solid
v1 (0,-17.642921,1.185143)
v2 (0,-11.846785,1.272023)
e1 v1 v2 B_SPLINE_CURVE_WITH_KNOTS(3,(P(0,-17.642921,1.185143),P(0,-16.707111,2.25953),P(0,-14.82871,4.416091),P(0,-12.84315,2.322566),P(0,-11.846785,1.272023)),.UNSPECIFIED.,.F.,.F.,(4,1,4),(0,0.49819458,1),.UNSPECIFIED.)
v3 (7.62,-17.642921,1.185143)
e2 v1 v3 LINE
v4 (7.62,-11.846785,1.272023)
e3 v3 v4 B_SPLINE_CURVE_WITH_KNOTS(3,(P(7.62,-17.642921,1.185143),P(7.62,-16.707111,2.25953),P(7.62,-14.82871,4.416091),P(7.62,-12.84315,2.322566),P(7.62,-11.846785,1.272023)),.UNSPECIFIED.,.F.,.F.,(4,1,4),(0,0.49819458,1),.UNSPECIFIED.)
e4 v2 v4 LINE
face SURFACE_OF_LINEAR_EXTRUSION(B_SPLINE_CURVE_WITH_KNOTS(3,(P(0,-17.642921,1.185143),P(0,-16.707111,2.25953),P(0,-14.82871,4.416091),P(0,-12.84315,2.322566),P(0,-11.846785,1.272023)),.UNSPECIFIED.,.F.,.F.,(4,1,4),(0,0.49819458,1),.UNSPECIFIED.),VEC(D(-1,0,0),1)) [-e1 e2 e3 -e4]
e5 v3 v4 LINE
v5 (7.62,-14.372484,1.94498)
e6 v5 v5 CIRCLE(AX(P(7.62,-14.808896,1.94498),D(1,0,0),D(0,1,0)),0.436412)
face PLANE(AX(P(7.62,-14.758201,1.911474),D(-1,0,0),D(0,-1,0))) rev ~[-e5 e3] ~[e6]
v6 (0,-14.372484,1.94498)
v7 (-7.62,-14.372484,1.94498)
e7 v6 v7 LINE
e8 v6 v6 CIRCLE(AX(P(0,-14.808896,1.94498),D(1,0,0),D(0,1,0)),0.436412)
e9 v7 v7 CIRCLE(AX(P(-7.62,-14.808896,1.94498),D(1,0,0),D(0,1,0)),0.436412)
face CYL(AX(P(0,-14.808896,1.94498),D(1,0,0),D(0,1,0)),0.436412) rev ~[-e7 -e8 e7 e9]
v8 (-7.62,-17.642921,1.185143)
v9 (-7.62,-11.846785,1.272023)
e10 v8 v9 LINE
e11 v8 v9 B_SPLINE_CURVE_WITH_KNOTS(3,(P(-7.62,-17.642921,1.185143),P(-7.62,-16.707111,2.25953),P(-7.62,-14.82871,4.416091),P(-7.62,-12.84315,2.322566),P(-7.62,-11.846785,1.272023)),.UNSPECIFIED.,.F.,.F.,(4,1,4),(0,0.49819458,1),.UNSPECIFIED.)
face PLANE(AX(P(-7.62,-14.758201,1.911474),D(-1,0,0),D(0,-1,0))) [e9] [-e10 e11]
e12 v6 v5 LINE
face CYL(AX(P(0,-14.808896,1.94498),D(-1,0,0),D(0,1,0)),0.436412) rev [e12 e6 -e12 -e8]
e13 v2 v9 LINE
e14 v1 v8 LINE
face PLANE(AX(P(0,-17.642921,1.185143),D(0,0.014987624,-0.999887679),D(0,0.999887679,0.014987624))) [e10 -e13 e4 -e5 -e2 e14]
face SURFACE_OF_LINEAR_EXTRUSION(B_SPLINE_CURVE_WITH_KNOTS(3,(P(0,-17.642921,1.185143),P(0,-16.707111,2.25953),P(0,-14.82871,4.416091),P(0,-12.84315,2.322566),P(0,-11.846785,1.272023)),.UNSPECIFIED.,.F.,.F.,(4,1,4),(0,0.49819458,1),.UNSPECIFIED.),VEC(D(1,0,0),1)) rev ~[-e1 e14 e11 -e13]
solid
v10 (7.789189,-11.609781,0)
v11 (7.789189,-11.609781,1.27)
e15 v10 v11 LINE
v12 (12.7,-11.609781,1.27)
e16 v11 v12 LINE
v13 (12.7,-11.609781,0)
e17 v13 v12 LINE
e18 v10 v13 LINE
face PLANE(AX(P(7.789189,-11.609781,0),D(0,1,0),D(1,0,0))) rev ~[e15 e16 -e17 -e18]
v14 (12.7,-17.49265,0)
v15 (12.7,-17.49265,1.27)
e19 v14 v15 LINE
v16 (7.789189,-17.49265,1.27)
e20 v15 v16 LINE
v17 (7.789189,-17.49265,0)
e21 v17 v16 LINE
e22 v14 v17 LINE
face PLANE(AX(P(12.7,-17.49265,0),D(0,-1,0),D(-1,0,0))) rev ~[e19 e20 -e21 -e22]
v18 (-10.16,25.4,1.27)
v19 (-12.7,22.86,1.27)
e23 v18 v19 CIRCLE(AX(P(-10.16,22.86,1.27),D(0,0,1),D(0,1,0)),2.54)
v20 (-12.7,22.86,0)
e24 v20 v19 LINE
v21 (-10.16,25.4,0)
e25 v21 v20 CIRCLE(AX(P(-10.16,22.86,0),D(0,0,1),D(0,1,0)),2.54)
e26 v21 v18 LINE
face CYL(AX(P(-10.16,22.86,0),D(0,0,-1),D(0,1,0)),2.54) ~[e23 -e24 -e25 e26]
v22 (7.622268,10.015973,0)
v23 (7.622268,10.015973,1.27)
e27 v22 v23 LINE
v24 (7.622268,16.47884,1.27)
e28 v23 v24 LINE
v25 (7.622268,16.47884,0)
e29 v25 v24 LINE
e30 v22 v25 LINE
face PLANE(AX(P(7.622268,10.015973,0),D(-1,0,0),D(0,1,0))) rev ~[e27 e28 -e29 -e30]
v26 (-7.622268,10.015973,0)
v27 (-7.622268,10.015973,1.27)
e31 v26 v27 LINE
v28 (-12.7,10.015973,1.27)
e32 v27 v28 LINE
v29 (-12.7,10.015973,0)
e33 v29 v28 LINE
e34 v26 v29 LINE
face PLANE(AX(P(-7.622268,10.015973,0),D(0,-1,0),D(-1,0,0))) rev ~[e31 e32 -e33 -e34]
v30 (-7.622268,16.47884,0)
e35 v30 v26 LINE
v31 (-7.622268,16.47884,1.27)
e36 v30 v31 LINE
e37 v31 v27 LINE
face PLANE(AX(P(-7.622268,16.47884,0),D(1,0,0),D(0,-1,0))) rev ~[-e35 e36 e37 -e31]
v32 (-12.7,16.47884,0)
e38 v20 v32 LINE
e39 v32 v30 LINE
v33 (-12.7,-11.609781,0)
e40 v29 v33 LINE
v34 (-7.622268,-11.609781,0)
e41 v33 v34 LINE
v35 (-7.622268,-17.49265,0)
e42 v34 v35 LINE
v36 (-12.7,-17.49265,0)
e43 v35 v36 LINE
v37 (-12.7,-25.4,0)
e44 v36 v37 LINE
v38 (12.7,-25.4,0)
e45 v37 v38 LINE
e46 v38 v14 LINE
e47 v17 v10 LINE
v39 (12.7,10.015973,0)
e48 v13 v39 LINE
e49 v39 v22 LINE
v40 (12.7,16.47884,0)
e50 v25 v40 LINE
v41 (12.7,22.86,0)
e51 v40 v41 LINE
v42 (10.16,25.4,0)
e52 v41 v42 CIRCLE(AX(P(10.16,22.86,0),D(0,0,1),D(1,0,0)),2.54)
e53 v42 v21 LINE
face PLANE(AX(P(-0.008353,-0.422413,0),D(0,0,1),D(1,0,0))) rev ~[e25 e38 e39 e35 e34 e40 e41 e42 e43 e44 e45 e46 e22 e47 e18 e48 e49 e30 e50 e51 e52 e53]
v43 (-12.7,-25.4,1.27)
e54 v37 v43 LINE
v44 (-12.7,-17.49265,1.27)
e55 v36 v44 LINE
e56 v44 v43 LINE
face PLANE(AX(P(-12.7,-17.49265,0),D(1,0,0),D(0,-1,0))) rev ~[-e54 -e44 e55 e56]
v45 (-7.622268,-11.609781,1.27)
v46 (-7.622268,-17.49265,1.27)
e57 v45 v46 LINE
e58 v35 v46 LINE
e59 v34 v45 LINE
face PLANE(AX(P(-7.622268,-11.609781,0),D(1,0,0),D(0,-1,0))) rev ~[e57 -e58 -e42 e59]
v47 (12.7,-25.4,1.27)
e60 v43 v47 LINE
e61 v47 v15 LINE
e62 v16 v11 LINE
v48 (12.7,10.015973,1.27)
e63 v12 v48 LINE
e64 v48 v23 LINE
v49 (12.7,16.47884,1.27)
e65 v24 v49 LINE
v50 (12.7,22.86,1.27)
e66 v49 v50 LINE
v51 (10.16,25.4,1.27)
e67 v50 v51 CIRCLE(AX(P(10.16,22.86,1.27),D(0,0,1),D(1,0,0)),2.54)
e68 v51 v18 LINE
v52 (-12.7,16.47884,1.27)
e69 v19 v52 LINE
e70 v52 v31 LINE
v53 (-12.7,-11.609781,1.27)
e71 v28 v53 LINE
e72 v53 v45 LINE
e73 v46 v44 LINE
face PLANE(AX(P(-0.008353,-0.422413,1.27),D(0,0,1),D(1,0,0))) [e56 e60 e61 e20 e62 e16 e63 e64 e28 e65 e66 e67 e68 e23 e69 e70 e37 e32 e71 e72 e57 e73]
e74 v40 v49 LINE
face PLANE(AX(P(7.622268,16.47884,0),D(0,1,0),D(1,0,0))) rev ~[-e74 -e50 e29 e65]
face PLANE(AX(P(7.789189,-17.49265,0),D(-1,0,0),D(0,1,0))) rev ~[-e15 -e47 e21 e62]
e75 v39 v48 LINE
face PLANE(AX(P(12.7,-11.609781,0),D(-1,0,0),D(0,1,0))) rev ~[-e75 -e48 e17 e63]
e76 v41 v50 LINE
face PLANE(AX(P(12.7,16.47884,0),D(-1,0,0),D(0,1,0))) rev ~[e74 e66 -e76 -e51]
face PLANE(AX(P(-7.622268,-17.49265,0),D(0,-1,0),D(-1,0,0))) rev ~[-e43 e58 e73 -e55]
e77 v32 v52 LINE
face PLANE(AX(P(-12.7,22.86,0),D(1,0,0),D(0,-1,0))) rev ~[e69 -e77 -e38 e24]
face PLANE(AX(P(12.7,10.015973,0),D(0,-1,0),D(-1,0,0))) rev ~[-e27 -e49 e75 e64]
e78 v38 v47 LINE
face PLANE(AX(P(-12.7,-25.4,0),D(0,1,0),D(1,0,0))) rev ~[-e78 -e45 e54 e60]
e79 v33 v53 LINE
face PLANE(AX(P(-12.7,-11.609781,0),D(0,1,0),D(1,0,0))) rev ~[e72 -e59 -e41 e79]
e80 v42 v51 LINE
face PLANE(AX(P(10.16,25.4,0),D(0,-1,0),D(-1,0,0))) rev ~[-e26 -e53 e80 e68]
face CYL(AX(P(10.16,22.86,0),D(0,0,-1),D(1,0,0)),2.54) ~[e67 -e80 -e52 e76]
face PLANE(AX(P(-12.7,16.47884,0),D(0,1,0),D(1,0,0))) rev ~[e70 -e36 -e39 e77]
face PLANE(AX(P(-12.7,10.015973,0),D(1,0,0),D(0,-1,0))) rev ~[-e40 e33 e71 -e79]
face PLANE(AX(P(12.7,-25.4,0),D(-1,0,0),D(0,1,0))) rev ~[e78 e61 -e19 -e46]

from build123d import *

# Parameters (mm, degrees)
F1_DEPTH = 1.27
F2_R     = 0.4364115167
F3_DEPTH = 7.62


with BuildPart() as f1:
    # F0 (on Top) → F1 (new body)
    with BuildSketch(Plane.XY):
        with BuildLine():
            ThreePointArc((12.7, 22.86), (11.9560512242, 24.6560512242), (10.16, 25.4))
            Line((10.16, 25.4), (-10.16, 25.4))
            ThreePointArc((-10.16, 25.4), (-11.9560512242, 24.6560512242), (-12.7, 22.86))
            Line((-12.7, 22.86), (-12.7, 16.4788402617))
            Line((-12.7, 16.4788402617), (-7.6222680509, 16.4788402617))
            Line((-7.6222680509, 16.4788402617), (-7.6222680509, 10.01597289))
            Line((-7.6222680509, 10.01597289), (-12.7, 10.01597289))
            Line((-12.7, 10.01597289), (-12.7, -11.6097806022))
            Line((-12.7, -11.6097806022), (-7.6222680509, -11.6097806022))
            Line((-7.6222680509, -11.6097806022), (-7.6222680509, -17.4926500767))
            Line((-7.6222680509, -17.4926500767), (-12.7, -17.4926500767))
            Line((-12.7, -17.4926500767), (-12.7, -25.4))
            Line((-12.7, -25.4), (12.7, -25.4))
            Line((12.7, -25.4), (12.7, -17.4926500767))
            Line((12.7, -17.4926500767), (7.789188996, -17.4926500767))
            Line((7.789188996, -17.4926500767), (7.789188996, -11.6097806022))
            Line((7.789188996, -11.6097806022), (12.7, -11.6097806022))
            Line((12.7, -11.6097806022), (12.7, 10.01597289))
            Line((12.7, 10.01597289), (7.6222680509, 10.01597289))
            Line((7.6222680509, 10.01597289), (7.6222680509, 16.4788402617))
            Line((7.6222680509, 16.4788402617), (12.7, 16.4788402617))
            Line((12.7, 16.4788402617), (12.7, 22.86))
        make_face()
    extrude(amount=F1_DEPTH)


with BuildPart() as f3:
    # F2 (on Right) → F3 (new body, symmetric)
    with BuildSketch(Plane.YZ):
        with BuildLine():
            add(Edge.make_bspline(
                [(-17.6429208368, 1.1851433665), (-16.707111369, 2.2595303594), (-14.8287098272, 4.4160913405), (-12.8431500772, 2.3225658567), (-11.8467854336, 1.2720234226)],
                knots=[0, 0, 0, 0, 0.4981945803, 1, 1, 1, 1], degree=3))
            Line((-17.6429208368, 1.1851433665), (-11.8467854336, 1.2720234226))
        make_face()
        with Locations((-14.8088959977, 1.9449801184)):
            Circle(F2_R, mode=Mode.SUBTRACT)
    extrude(amount=F3_DEPTH, both=True)


solid = Compound([f1.part, f3.part])
